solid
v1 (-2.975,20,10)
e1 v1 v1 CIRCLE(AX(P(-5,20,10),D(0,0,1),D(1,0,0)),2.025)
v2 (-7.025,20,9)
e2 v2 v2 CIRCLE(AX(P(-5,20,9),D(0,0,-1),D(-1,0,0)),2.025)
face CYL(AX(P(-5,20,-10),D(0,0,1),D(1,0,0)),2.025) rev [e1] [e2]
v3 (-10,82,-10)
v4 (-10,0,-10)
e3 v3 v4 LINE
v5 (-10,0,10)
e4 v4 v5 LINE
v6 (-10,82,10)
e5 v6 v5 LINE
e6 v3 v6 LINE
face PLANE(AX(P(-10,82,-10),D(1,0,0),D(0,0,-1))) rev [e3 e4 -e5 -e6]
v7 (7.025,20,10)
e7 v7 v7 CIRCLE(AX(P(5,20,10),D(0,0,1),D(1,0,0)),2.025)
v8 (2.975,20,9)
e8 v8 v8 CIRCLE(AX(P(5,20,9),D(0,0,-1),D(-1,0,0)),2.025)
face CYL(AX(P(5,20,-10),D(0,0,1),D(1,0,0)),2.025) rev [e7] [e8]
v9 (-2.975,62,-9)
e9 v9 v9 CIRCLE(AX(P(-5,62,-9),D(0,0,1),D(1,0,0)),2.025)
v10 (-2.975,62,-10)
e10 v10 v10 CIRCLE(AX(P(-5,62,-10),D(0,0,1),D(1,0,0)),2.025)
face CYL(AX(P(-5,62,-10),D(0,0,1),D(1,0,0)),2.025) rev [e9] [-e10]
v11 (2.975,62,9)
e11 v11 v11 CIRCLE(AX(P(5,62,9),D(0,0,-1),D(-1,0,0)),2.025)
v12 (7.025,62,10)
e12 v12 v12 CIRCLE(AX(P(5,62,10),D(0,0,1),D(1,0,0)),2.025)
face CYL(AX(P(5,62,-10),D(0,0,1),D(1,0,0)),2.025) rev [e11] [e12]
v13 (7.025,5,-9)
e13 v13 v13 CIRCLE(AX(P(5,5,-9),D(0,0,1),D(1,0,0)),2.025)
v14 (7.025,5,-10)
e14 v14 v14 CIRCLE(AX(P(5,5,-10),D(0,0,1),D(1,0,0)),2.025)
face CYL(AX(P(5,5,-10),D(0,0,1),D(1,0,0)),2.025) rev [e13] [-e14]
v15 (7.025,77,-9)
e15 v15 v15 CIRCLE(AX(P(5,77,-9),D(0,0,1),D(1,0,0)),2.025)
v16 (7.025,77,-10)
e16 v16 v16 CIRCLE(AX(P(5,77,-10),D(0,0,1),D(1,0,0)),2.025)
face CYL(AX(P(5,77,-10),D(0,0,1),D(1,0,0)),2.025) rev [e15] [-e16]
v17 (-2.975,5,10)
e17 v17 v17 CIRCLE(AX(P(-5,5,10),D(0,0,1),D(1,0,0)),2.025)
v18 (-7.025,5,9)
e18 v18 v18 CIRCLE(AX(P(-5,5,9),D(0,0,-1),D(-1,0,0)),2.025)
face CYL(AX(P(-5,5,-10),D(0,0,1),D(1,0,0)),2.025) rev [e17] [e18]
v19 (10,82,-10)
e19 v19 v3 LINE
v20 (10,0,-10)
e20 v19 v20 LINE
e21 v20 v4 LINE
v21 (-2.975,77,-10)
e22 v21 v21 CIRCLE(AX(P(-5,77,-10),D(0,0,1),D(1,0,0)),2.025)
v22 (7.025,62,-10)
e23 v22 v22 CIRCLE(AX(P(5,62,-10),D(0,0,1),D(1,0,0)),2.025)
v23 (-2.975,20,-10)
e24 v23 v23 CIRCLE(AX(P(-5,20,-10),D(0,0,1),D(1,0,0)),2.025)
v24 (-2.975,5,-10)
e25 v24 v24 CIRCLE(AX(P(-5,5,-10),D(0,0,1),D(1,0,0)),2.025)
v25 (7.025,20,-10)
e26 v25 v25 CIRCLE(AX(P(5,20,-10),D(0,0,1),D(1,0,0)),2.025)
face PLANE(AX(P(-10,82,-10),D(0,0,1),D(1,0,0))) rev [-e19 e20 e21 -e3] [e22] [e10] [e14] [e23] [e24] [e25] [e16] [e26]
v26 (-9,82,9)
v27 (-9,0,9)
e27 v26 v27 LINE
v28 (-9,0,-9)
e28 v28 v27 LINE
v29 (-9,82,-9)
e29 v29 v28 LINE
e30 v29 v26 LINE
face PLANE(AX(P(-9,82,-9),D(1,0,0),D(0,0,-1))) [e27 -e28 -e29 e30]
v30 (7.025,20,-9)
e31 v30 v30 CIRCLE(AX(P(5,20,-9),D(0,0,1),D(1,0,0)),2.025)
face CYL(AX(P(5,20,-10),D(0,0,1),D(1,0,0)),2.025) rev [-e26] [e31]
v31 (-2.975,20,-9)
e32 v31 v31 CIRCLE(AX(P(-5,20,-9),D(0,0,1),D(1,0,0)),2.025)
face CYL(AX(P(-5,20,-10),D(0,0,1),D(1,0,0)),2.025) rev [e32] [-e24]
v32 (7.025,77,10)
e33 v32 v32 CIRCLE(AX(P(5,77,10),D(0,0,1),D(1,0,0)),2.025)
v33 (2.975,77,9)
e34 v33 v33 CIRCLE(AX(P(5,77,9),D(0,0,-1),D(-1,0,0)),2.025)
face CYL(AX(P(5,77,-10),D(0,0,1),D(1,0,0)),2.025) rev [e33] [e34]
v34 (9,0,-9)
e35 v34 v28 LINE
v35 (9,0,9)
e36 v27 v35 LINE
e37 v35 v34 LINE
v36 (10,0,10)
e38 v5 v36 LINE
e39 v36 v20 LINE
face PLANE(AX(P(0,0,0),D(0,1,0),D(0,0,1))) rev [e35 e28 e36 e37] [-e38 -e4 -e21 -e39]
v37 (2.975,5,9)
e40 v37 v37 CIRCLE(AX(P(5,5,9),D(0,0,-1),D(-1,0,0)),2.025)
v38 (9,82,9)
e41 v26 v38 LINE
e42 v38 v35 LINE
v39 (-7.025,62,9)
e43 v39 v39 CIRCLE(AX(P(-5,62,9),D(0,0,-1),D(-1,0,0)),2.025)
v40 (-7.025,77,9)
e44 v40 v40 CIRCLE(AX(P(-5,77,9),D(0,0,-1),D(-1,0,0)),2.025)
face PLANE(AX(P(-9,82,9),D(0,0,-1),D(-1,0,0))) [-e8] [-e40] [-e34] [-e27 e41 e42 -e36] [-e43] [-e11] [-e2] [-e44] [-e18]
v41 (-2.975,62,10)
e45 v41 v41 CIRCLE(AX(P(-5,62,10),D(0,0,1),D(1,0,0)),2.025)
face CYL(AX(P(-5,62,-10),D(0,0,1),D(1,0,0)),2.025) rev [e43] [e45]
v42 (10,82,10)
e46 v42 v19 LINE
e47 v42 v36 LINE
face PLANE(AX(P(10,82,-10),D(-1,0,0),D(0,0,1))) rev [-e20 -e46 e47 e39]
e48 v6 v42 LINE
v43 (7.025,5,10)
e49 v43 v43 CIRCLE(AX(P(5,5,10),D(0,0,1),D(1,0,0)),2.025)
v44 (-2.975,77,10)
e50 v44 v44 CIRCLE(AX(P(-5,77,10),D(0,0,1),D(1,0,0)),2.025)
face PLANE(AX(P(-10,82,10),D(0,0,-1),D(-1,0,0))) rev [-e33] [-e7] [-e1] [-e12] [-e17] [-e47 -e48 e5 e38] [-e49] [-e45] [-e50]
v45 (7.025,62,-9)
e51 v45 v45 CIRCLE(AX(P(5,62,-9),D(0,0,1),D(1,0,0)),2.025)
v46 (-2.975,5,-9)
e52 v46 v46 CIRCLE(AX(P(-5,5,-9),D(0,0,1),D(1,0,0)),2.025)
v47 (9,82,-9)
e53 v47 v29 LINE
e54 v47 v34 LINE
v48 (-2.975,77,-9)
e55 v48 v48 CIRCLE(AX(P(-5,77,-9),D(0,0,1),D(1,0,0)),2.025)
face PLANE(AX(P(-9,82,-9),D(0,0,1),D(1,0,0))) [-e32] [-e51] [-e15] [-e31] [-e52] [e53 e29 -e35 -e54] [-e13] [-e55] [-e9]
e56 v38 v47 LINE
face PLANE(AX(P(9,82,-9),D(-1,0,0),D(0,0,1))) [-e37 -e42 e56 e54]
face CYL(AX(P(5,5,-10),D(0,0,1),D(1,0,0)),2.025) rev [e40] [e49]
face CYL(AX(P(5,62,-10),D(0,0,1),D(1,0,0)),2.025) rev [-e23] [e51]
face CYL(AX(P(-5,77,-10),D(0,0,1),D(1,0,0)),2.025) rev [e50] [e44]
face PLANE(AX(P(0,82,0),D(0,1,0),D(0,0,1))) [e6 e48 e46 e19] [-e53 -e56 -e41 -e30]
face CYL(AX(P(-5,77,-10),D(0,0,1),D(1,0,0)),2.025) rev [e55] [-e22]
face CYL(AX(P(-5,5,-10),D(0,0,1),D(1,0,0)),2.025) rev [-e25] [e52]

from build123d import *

# Parameters (mm, degrees)
SKETCH_1_W          = 20
SKETCH_1_H          = 20
SKETCH_1_W_2        = 18
SKETCH_1_H_2        = 18
EXTRUDE_1_DEPTH     = 82
SKETCH_2_R          = 2.025
CUT_EXTRUDE_1_DEPTH = 21


with BuildPart() as part:
    # 草图1 → 凸台-拉伸1 (new body)
    with BuildSketch(Plane(origin=(0, 0, 0), x_dir=(1, 0, 0), z_dir=(0, 1, 0))):
        Rectangle(SKETCH_1_W, SKETCH_1_H)
        Rectangle(SKETCH_1_W_2, SKETCH_1_H_2, mode=Mode.SUBTRACT)
    extrude(amount=EXTRUDE_1_DEPTH)

    # 草图2 → 切除-拉伸1 (cut, through all)
    with BuildSketch(Plane.XY.offset(10)):
        with Locations((-5, 5)):
            Circle(SKETCH_2_R)
        with Locations((-5, 20)):
            Circle(SKETCH_2_R)
        with Locations((5, 20)):
            Circle(SKETCH_2_R)
        with Locations((5, 5)):
            Circle(SKETCH_2_R)
        with Locations((5, 77)):
            Circle(SKETCH_2_R)
        with Locations((-5, 77)):
            Circle(SKETCH_2_R)
        with Locations((-5, 62)):
            Circle(SKETCH_2_R)
        with Locations((5, 62)):
            Circle(SKETCH_2_R)
    extrude(amount=-CUT_EXTRUDE_1_DEPTH, mode=Mode.SUBTRACT)


solid = part.part
